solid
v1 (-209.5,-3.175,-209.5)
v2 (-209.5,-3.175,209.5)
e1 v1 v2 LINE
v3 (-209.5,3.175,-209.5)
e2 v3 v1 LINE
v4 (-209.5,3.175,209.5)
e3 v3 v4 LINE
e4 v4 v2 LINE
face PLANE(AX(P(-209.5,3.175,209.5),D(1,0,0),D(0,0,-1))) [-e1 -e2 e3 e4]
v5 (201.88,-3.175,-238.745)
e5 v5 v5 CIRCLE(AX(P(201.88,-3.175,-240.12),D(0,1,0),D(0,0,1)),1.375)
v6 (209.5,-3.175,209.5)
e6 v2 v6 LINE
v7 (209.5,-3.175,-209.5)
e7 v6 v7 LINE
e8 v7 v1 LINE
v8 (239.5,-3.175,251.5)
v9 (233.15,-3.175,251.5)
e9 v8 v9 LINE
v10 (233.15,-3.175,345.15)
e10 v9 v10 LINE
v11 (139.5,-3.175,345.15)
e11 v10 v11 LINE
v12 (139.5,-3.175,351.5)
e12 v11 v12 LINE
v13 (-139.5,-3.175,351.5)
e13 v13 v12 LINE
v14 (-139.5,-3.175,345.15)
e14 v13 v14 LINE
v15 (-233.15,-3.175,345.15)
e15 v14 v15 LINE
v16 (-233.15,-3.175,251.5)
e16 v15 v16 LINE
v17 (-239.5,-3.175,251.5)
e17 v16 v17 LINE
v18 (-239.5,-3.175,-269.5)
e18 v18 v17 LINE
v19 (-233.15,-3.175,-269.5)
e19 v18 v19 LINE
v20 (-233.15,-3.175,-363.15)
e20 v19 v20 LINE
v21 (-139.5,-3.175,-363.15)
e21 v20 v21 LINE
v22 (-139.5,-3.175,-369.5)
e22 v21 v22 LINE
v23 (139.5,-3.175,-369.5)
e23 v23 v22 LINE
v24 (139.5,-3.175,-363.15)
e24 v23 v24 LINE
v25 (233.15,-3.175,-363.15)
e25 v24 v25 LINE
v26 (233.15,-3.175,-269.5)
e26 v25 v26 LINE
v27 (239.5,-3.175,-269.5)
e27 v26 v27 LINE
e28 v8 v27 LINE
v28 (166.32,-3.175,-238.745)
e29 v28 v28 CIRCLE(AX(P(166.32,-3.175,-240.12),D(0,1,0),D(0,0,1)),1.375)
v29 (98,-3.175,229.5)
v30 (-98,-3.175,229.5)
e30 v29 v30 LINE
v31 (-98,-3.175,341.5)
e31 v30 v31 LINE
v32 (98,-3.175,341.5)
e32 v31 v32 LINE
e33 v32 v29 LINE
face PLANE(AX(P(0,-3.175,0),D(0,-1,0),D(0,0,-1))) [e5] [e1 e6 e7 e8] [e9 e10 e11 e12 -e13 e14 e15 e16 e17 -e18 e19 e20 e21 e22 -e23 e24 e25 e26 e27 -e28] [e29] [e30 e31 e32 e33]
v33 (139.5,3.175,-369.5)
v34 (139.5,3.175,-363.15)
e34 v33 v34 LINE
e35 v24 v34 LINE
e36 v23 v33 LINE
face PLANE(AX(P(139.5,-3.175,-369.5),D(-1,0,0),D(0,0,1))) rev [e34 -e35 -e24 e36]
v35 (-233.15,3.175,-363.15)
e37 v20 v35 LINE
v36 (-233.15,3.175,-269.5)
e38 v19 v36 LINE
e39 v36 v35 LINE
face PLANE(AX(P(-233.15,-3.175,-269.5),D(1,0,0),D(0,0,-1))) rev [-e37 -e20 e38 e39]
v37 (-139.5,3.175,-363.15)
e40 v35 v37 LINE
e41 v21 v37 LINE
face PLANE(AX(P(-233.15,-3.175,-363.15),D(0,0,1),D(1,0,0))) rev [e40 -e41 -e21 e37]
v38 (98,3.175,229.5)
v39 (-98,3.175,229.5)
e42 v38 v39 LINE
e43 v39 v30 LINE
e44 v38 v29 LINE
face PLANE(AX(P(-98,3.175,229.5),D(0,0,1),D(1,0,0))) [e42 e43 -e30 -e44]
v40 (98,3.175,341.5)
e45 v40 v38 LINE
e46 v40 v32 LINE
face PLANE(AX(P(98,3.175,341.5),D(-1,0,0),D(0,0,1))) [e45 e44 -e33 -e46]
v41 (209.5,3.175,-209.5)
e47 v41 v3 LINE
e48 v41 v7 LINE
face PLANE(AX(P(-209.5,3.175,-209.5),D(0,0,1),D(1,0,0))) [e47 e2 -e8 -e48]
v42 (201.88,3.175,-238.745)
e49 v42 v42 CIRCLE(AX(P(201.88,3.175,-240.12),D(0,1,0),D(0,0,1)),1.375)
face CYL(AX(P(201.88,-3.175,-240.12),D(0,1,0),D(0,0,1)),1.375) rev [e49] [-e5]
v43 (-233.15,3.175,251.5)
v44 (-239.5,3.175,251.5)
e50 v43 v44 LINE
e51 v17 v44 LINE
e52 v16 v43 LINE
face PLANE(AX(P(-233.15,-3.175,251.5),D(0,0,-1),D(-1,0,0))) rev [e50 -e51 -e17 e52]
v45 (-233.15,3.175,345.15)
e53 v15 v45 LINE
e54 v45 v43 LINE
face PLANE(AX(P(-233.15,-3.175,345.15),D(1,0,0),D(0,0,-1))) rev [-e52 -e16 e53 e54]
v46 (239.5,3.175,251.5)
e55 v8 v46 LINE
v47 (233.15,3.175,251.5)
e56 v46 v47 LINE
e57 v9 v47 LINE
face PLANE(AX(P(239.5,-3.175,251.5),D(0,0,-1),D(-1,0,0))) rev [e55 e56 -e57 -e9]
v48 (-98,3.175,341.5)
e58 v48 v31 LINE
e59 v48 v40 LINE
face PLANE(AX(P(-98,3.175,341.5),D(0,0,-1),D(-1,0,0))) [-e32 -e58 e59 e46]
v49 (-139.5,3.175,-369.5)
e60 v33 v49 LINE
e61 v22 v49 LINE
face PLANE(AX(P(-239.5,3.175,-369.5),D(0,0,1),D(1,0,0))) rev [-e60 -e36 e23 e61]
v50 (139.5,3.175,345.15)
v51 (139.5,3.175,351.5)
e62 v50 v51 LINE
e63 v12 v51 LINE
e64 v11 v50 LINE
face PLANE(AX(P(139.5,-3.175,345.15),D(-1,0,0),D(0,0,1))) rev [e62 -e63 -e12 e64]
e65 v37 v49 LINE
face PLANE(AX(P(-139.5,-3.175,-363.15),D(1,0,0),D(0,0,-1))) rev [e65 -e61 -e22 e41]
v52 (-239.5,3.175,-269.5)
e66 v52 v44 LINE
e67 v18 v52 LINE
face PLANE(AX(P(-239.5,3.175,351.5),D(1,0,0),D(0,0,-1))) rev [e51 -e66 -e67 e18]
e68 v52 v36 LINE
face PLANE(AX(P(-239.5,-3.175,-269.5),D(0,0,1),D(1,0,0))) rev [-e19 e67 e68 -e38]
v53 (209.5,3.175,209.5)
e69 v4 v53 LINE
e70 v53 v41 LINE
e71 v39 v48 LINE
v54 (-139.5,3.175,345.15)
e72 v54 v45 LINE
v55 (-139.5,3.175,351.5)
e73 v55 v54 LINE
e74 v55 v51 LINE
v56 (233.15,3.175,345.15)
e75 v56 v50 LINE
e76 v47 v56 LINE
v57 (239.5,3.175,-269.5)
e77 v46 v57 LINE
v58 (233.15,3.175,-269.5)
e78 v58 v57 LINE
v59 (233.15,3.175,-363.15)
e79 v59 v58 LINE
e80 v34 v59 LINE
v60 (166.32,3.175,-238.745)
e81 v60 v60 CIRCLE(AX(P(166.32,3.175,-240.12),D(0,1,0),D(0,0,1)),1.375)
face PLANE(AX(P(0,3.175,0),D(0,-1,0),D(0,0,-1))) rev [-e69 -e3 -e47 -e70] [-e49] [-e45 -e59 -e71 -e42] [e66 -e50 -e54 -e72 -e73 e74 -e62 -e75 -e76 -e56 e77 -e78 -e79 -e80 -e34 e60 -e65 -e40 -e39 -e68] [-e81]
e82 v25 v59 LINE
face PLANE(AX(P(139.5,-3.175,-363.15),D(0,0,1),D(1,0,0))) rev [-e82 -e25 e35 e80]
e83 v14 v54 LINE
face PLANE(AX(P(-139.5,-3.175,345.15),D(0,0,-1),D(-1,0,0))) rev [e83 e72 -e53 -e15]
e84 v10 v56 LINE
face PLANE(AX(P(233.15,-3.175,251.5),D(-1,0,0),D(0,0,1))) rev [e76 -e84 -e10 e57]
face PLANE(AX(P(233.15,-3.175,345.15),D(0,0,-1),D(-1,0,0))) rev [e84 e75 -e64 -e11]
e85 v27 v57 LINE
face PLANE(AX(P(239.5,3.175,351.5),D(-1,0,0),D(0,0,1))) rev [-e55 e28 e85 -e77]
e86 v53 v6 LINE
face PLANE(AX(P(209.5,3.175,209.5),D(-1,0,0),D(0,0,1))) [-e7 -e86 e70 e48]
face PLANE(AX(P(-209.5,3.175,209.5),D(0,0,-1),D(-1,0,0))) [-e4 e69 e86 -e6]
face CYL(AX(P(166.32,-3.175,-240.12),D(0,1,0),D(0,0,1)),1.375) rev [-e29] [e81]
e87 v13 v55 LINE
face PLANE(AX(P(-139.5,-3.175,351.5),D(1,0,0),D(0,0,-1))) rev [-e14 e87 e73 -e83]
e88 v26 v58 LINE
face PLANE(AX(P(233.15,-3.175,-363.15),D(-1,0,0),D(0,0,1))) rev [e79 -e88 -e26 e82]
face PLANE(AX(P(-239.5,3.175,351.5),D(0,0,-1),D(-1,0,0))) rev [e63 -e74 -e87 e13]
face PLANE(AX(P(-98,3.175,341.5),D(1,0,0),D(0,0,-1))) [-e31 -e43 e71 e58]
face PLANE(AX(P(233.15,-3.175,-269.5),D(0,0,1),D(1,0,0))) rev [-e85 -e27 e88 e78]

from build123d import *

# Parameters (mm, degrees)
SKETCH1_W           = 479
SKETCH1_H           = 721
SKETCH1_W_2         = 419
SKETCH1_H_2         = 419
SKETCH1_W_3         = 196
SKETCH1_H_3         = 112
BOSS_EXTRUDE1_DEPTH = 3.175
CUT_EXTRUDE1_DEPTH  = 441.375774197
SKETCH3_R           = 1.375
CUT_EXTRUDE2_DEPTH  = 441.375774197


with BuildPart() as part:
    # Sketch1 → Boss-Extrude1 (new, symmetric)
    with BuildSketch(Plane(origin=(0, 0, 0), x_dir=(1, 0, 0), z_dir=(0, 1, 0))):
        with Locations((0, 9)):
            Rectangle(SKETCH1_W, SKETCH1_H)
        Rectangle(SKETCH1_W_2, SKETCH1_H_2, mode=Mode.SUBTRACT)
        with Locations((0, -285.5)):
            Rectangle(SKETCH1_W_3, SKETCH1_H_3, mode=Mode.SUBTRACT)
    extrude(amount=BOSS_EXTRUDE1_DEPTH, both=True)

    # Sketch2 → Cut-Extrude1 (cut, through all)
    with BuildSketch(Plane(origin=(0, 3.175, 0), x_dir=(1, 0, 0), z_dir=(0, 1, 0))):
        Polygon((-239.5, 369.5), (-239.5, 269.5), (-233.15, 269.5), (-233.15, 363.15), (-139.5, 363.15), (-139.5, 369.5), align=None)
        Polygon((239.5, 369.5), (139.5, 369.5), (139.5, 363.15), (233.15, 363.15), (233.15, 269.5), (239.5, 269.5), align=None)
        Polygon((239.5, -351.5), (239.5, -251.5), (233.15, -251.5), (233.15, -345.15), (139.5, -345.15), (139.5, -351.5), align=None)
        Polygon((-239.5, -351.5), (-139.5, -351.5), (-139.5, -345.15), (-233.15, -345.15), (-233.15, -251.5), (-239.5, -251.5), align=None)
    extrude(amount=-CUT_EXTRUDE1_DEPTH, mode=Mode.SUBTRACT)

    # Sketch3 → Cut-Extrude2 (cut, through all)
    with BuildSketch(Plane(origin=(0, 3.175, 0), x_dir=(1, 0, 0), z_dir=(0, 1, 0))):
        with Locations(Location((166.32, 240.12, 0), (0, 0, 270))):
            Circle(SKETCH3_R)
        with Locations(Location((201.88, 240.12, 0), (0, 0, 270))):
            Circle(SKETCH3_R)
    extrude(amount=-CUT_EXTRUDE2_DEPTH, mode=Mode.SUBTRACT)


solid = part.part
